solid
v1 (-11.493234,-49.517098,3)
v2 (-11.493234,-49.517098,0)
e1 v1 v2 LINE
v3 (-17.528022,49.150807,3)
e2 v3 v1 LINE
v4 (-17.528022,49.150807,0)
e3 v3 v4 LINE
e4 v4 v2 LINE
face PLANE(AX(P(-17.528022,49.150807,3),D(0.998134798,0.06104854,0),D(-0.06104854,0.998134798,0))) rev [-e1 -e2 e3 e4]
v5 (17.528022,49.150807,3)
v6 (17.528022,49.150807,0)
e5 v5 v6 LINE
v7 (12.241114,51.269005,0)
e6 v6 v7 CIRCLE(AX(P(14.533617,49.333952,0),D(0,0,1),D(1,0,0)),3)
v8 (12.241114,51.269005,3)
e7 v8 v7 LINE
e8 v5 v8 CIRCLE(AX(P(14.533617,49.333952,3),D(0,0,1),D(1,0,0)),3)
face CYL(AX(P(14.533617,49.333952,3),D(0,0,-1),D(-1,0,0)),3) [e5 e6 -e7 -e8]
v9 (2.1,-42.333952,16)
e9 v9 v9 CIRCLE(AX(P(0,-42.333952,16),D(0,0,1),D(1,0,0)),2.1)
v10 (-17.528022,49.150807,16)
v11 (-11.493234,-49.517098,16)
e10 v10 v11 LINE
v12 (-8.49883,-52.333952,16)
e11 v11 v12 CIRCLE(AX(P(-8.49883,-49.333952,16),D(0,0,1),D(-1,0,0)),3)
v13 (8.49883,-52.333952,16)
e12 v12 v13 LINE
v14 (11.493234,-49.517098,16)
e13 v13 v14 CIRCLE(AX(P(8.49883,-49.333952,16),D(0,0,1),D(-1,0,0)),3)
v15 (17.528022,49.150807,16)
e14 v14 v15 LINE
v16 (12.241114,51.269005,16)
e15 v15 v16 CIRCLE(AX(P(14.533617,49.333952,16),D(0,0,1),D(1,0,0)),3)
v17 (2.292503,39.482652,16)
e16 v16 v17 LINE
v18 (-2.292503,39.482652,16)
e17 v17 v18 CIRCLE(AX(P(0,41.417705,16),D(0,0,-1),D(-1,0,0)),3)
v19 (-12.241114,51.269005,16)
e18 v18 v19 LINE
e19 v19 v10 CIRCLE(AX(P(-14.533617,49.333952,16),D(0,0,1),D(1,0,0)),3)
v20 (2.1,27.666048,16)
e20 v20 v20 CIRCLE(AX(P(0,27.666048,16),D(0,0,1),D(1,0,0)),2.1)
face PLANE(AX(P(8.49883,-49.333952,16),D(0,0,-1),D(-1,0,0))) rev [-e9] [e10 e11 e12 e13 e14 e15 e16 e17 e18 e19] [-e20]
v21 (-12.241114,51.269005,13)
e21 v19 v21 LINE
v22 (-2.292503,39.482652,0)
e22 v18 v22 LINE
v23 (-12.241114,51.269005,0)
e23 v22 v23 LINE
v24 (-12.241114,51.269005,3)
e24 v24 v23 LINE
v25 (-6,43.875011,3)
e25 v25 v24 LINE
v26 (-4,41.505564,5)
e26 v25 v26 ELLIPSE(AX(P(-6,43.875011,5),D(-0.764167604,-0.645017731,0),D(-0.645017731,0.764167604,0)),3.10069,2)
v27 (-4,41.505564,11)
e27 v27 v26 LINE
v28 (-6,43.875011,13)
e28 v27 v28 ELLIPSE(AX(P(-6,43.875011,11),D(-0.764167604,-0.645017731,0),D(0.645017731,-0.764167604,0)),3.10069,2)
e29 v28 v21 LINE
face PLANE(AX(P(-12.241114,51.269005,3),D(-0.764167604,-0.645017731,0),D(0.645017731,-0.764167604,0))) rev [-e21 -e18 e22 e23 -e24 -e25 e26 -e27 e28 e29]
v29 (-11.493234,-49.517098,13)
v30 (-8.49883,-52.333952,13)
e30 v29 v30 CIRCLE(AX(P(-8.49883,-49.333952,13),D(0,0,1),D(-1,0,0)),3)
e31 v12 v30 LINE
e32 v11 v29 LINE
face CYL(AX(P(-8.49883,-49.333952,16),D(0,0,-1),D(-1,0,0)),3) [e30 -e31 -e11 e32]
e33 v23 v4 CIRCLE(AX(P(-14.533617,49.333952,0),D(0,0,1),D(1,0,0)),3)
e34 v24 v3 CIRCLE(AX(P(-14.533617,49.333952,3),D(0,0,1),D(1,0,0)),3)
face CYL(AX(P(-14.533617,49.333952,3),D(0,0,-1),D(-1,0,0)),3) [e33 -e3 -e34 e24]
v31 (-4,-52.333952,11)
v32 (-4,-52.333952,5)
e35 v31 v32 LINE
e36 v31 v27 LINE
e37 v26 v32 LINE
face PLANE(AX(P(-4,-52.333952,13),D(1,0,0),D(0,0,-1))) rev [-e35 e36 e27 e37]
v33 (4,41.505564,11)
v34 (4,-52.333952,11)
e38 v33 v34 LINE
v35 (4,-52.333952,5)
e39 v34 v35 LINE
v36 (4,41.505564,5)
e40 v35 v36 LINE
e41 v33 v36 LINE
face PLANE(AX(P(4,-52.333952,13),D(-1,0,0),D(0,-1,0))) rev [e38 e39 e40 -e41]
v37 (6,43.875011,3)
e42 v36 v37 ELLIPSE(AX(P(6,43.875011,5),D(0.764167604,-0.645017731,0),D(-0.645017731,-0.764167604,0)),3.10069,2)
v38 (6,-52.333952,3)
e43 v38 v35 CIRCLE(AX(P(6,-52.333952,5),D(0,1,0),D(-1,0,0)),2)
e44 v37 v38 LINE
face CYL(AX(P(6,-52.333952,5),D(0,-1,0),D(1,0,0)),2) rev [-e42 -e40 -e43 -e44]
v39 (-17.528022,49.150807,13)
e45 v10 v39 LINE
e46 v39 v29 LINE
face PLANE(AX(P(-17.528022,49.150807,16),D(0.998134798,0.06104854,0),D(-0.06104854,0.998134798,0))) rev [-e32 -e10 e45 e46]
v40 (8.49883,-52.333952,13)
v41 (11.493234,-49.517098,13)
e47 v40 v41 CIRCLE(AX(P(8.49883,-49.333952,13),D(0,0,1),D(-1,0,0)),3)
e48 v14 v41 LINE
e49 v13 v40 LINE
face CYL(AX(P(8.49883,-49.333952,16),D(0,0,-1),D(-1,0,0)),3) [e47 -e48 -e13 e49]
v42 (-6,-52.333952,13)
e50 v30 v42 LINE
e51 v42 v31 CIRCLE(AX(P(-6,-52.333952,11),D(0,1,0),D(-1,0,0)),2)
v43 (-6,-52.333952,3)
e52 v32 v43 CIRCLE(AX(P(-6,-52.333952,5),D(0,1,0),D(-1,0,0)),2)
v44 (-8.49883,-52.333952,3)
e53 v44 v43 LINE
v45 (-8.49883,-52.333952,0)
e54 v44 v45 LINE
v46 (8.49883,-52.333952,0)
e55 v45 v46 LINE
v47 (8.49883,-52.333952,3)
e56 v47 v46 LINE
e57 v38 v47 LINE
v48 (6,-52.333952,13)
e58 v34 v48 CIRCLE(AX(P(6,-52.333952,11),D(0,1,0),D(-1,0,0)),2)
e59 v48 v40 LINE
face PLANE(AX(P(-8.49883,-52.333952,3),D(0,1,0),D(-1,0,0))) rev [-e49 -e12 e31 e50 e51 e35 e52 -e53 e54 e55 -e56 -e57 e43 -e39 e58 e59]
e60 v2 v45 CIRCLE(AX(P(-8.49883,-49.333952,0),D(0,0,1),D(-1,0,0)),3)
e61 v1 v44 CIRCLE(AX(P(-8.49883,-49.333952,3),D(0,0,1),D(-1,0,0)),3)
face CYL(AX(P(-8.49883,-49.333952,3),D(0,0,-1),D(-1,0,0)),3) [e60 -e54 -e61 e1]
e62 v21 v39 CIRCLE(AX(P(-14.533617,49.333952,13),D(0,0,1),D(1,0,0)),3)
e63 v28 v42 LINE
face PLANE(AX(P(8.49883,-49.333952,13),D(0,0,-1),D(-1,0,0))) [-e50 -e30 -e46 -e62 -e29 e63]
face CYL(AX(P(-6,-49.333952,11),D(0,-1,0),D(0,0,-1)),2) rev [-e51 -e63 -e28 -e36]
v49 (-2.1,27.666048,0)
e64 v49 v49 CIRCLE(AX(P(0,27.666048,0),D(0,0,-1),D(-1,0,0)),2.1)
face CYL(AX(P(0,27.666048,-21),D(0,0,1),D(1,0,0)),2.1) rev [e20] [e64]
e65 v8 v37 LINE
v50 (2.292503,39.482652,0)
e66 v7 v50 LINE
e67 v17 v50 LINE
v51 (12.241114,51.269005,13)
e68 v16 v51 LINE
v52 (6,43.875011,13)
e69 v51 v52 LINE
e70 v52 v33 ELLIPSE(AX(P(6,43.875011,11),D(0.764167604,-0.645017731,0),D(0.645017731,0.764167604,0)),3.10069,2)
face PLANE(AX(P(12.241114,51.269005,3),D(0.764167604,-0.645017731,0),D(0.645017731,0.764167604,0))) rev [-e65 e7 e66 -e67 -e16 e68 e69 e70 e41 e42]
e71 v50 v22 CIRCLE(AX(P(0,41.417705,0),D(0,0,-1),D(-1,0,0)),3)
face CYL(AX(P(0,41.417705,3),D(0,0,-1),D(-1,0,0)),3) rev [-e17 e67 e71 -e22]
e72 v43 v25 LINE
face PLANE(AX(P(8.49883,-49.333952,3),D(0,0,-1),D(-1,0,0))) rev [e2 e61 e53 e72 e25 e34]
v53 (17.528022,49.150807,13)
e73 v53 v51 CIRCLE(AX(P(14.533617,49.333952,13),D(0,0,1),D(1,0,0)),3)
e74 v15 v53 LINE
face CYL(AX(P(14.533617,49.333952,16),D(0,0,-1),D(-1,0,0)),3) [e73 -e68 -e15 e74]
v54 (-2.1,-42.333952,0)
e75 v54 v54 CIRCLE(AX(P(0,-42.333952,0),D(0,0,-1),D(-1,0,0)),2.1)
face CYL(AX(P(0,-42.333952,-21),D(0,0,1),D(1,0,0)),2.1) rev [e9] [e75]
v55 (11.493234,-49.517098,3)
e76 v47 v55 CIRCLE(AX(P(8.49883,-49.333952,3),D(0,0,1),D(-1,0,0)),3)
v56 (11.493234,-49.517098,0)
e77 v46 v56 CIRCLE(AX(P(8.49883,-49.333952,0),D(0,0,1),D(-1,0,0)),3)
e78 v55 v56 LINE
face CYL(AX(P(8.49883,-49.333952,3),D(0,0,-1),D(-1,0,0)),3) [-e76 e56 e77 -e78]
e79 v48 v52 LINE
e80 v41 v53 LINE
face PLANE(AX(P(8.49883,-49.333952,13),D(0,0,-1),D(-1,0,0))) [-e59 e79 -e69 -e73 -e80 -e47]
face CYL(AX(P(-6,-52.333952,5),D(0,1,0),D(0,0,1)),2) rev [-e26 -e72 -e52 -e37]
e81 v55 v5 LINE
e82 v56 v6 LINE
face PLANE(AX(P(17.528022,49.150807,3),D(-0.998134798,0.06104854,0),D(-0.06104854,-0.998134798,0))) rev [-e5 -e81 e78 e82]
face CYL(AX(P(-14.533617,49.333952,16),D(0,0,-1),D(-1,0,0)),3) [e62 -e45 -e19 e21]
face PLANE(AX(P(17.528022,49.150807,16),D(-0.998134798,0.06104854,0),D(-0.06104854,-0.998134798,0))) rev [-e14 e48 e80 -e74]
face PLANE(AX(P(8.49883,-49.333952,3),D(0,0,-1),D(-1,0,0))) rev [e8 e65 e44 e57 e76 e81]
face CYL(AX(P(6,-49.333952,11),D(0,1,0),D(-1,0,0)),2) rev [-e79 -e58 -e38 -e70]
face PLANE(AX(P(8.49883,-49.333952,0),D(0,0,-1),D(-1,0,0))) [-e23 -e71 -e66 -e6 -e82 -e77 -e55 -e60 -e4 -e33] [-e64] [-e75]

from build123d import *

# Parameters (mm, degrees)
EXTRUDE_1_DEPTH     = 3
EXTRUDE_2_DEPTH     = 10
EXTRUDE_3_DEPTH     = 3
FILLET_1_R          = 2
SKETCH_4_R          = 2.1
CUT_EXTRUDE_1_DEPTH = 37


with BuildPart() as part:
    # 草图1 → 凸台-拉伸1 (new body)
    with BuildSketch(Plane.XY):
        with BuildLine():
            Line((-12.241114452, 51.269005321), (-2.292502811, 39.48265225))
            ThreePointArc((-2.292502811, 39.48265225), (0, 38.417705443), (2.292502811, 39.48265225))
            Line((2.292502811, 39.48265225), (12.241114452, 51.269005321))
            ThreePointArc((12.241114452, 51.269005321), (15.649349314, 52.118757685), (17.528021658, 49.150806509))
            Line((17.528021658, 49.150806509), (11.493234109, -49.517097746))
            ThreePointArc((11.493234109, -49.517097746), (10.554378685, -51.519065037), (8.498829714, -52.333952128))
            Line((8.498829714, -52.333952128), (-8.498829714, -52.333952128))
            ThreePointArc((-8.498829714, -52.333952128), (-10.554378685, -51.519065037), (-11.493234109, -49.517097746))
            Line((-11.493234109, -49.517097746), (-17.528021658, 49.150806509))
            ThreePointArc((-17.528021658, 49.150806509), (-15.649349314, 52.118757685), (-12.241114452, 51.269005321))
        make_face()
    extrude(amount=EXTRUDE_1_DEPTH)

    # 草图2 → 凸台-拉伸2 (add)
    with BuildSketch(Plane.XY.offset(3)):
        with BuildLine():
            Line((-4, -52.333952128), (-4, 41.505564136))
            Line((-4, 41.505564136), (-2.292502811, 39.48265225))
            ThreePointArc((-2.292502811, 39.48265225), (0, 38.417705443), (2.292502811, 39.48265225))
            Line((2.292502811, 39.48265225), (4, 41.505564136))
            Line((4, 41.505564136), (4, -52.333952128))
            Line((4, -52.333952128), (-4, -52.333952128))
        make_face()
    extrude(amount=EXTRUDE_2_DEPTH)

    # 草图3 → 凸台-拉伸3 (add)
    with BuildSketch(Plane.XY.offset(13)):
        with BuildLine():
            Line((-12.241114452, 51.269005321), (-2.292502811, 39.48265225))
            ThreePointArc((-2.292502811, 39.48265225), (0, 38.417705443), (2.292502811, 39.48265225))
            Line((2.292502811, 39.48265225), (12.241114452, 51.269005321))
            ThreePointArc((12.241114452, 51.269005321), (15.649349314, 52.118757685), (17.528021658, 49.150806509))
            Line((17.528021658, 49.150806509), (11.493234109, -49.517097746))
            ThreePointArc((11.493234109, -49.517097746), (10.554378685, -51.519065037), (8.498829714, -52.333952128))
            Line((8.498829714, -52.333952128), (-8.498829714, -52.333952128))
            ThreePointArc((-8.498829714, -52.333952128), (-10.554378685, -51.519065037), (-11.493234109, -49.517097746))
            Line((-11.493234109, -49.517097746), (-17.528021658, 49.150806509))
            ThreePointArc((-17.528021658, 49.150806509), (-15.649349314, 52.118757685), (-12.241114452, 51.269005321))
        make_face()
    extrude(amount=EXTRUDE_3_DEPTH)

    # 圆角1
    fillet_1_edges = [part.edges().sort_by_distance(p)[0] for p in [
        (4, -5.414193996, 3),
        (-4, -5.414193996, 3),
        (4, -5.414193996, 13),
        (-4, -5.414193996, 13),
    ]]
    fillet(fillet_1_edges, radius=FILLET_1_R)

    # 草图4 → 切除-拉伸1 (cut)
    with BuildSketch(Plane.XY.offset(16)):
        with Locations((0, -42.333952128)):
            Circle(SKETCH_4_R)
        with Locations((0, 27.666047872)):
            Circle(SKETCH_4_R)
    extrude(amount=-CUT_EXTRUDE_1_DEPTH, mode=Mode.SUBTRACT)


solid = part.part
